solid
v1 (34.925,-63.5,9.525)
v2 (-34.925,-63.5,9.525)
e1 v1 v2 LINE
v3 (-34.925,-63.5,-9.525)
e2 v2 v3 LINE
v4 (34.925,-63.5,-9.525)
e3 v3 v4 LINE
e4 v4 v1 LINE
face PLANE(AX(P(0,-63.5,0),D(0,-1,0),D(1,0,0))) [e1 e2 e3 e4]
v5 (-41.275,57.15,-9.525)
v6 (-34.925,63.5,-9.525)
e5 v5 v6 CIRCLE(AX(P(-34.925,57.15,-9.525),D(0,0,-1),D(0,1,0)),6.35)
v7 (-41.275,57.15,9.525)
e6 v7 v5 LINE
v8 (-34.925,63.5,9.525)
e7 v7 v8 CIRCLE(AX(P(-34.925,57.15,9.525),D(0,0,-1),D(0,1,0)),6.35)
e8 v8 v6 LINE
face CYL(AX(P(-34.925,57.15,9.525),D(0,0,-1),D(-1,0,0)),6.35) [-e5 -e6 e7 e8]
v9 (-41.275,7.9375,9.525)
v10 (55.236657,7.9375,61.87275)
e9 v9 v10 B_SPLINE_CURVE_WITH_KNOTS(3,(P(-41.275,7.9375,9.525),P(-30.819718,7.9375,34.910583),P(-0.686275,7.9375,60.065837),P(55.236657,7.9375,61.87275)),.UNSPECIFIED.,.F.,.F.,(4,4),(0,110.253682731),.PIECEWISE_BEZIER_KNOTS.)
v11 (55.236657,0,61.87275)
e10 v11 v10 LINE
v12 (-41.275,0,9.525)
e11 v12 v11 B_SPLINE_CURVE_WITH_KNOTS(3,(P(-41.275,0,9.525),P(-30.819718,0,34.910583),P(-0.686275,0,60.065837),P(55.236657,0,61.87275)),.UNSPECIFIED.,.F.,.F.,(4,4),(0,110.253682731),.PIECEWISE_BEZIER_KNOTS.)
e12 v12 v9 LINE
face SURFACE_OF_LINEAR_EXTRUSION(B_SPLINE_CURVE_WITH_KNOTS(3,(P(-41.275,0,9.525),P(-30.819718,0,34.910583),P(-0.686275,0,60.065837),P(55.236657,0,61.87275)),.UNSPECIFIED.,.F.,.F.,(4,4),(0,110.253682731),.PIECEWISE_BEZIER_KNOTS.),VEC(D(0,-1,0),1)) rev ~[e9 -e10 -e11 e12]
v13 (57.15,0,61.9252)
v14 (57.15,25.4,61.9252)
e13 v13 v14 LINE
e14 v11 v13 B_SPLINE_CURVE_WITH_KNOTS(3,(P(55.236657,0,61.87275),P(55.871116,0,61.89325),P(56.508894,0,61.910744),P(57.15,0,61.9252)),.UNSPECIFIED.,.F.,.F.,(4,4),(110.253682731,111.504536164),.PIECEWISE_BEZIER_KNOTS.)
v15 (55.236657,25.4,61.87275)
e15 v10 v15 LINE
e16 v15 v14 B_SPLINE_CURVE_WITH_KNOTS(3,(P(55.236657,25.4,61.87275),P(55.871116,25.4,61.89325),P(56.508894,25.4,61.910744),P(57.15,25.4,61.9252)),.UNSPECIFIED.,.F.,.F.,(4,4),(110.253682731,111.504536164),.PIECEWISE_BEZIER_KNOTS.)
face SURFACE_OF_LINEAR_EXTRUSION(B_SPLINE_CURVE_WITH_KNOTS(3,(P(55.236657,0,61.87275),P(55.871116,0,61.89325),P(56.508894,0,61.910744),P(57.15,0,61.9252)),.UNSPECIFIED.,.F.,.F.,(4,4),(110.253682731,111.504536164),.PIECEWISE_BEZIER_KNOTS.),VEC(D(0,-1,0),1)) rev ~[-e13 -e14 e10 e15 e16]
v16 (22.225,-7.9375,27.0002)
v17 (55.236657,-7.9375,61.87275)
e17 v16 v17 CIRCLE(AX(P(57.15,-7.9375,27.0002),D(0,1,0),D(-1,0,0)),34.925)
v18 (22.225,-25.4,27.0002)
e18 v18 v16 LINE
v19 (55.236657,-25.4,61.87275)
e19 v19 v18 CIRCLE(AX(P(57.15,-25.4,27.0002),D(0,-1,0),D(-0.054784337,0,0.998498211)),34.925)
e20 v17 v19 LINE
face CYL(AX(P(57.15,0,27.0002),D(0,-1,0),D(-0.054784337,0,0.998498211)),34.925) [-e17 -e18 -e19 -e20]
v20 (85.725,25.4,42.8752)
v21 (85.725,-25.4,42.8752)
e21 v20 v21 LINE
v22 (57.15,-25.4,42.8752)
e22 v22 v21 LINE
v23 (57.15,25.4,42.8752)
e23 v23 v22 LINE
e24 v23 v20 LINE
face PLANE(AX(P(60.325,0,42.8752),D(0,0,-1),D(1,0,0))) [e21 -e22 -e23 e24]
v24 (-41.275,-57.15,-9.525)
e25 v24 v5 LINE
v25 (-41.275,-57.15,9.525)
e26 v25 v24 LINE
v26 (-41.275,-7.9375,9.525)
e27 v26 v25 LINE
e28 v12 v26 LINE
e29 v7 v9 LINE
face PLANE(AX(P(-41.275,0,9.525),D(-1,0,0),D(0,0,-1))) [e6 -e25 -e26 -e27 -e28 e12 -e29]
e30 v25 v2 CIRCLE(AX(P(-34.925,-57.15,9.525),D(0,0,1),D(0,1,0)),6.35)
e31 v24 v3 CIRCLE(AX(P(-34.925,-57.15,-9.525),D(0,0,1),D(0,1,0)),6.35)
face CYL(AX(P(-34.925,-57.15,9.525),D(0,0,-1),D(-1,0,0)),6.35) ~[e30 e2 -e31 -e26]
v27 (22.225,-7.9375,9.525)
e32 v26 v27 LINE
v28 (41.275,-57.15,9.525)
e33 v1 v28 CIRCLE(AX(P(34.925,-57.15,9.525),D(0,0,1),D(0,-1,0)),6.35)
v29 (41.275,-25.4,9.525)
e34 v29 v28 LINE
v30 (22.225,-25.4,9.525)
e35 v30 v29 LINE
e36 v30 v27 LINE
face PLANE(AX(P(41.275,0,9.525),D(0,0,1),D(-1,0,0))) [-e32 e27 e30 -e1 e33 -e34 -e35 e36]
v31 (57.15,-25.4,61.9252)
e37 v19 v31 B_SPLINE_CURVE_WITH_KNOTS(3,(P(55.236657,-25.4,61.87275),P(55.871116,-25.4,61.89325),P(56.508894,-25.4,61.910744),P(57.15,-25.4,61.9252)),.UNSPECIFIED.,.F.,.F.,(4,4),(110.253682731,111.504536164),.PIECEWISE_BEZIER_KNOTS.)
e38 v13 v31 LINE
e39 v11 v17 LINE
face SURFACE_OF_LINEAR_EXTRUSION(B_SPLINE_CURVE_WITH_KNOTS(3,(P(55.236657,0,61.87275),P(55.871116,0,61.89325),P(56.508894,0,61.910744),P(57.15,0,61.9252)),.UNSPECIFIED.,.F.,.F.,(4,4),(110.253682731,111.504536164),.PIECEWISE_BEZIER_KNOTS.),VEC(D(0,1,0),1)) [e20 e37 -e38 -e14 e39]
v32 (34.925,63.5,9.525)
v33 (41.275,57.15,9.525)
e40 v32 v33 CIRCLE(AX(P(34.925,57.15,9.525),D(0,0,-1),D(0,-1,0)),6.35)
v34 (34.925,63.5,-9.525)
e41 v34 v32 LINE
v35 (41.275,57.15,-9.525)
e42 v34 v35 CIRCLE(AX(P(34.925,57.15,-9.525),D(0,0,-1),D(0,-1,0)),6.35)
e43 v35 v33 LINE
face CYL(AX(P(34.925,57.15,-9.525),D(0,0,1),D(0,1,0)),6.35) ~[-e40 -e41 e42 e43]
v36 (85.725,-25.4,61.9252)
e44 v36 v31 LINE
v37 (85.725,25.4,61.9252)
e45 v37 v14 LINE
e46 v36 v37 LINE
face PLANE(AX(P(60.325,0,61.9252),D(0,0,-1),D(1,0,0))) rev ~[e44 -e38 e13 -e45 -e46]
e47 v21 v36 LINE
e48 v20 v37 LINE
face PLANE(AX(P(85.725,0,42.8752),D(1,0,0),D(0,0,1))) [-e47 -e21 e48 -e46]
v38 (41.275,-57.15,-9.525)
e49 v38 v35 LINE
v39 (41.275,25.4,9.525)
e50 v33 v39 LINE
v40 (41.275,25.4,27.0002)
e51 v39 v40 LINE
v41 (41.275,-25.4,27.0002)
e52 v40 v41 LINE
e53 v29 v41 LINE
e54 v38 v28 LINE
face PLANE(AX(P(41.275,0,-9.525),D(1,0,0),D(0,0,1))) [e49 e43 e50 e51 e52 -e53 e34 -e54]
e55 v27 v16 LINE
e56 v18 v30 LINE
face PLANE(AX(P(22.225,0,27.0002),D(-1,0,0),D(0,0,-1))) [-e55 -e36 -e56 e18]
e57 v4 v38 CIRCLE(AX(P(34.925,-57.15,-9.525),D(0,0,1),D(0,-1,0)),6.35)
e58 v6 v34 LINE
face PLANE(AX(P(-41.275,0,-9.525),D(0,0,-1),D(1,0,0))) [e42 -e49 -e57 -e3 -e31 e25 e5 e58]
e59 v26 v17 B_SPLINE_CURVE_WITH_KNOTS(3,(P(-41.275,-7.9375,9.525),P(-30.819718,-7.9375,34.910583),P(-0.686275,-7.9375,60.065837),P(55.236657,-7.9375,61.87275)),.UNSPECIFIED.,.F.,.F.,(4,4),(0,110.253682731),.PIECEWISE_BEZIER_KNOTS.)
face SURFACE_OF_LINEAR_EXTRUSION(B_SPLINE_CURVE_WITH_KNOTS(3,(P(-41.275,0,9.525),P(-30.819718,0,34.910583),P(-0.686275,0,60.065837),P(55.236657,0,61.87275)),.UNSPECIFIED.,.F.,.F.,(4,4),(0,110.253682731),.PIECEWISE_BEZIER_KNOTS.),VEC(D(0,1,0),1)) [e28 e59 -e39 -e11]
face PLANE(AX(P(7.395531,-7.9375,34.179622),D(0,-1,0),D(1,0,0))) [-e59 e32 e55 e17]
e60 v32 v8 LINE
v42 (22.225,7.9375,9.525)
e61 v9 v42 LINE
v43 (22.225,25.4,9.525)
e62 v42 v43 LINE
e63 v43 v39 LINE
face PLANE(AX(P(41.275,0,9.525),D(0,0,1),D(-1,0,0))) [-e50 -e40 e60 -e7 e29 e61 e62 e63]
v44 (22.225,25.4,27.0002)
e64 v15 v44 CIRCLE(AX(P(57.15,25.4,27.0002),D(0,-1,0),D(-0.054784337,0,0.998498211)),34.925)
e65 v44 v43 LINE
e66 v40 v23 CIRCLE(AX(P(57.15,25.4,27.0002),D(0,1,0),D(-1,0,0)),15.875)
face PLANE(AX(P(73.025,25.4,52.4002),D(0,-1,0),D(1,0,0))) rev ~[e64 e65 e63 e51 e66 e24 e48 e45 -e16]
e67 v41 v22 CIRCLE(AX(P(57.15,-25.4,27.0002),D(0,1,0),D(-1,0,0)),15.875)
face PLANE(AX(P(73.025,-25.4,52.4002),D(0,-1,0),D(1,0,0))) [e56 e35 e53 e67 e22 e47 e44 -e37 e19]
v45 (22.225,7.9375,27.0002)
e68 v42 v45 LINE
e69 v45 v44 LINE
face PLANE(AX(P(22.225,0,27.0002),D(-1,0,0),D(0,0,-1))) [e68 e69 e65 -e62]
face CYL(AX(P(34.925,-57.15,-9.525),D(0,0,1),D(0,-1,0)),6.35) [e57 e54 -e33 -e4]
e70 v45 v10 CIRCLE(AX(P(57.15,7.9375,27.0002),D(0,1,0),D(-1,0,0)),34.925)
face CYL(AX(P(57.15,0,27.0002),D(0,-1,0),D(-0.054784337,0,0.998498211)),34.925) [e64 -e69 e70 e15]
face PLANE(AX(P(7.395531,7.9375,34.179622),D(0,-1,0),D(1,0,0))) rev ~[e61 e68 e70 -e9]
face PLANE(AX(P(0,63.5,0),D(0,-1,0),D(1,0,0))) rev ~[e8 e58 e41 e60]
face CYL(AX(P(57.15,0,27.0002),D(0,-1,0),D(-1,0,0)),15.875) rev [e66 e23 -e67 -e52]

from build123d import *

# Parameters (mm, degrees)
F1_DEPTH = 63.5
F2_DEPTH = 25.4
F0_W     = 25.4
F0_H     = 19.05
F3_DEPTH = 25.4
F4_DEPTH = 7.9375
F5_R     = 6.35


with BuildPart() as f1:
    # F0 (on Front) → F1 (new body, symmetric)
    with BuildSketch(Plane.XZ):
        Polygon((41.275, -9.525), (41.275, 9.525), (22.225, 9.525), (-41.275, 9.525), (-41.275, -9.525), align=None)
    extrude(amount=F1_DEPTH, both=True)

    # F0 (on Front) → F2 (join, symmetric)
    with BuildSketch(Plane.XZ):
        with BuildLine():
            Line((22.225, 9.525), (41.275, 9.525))
            Line((41.275, 9.525), (41.275, 27.0002))
            ThreePointArc((41.275, 27.0002), (45.9246798487, 38.2255201513), (57.15, 42.8752))
            Line((57.15, 42.8752), (60.325, 42.8752))
            Line((60.325, 42.8752), (60.325, 61.9252))
            Line((60.325, 61.9252), (57.15, 61.9252))
            add(Edge.make_bspline(
                [(55.2366570208, 61.872750002), (55.8711155645, 61.8932498519), (56.5088935827, 61.9107444376), (57.15, 61.9252)],
                knots=[110.2536827307, 110.2536827307, 110.2536827307, 110.2536827307, 111.5045361635, 111.5045361635, 111.5045361635, 111.5045361635], degree=3))
            ThreePointArc((55.2366570208, 61.872750002), (31.7868463263, 51.0099076352), (22.225, 27.0002))
            Line((22.225, 27.0002), (22.225, 9.525))
        make_face()
    extrude(amount=F2_DEPTH, both=True)

    # F0 (on Front) → F3 (join, symmetric)
    with BuildSketch(Plane.XZ):
        with Locations((73.025, 52.4002)):
            Rectangle(F0_W, F0_H)
    extrude(amount=F3_DEPTH, both=True)

    # F0 (on Front) → F4 (join, symmetric)
    with BuildSketch(Plane.XZ):
        with BuildLine():
            Line((-41.275, 9.525), (22.225, 9.525))
            Line((22.225, 9.525), (22.225, 27.0002))
            ThreePointArc((22.225, 27.0002), (31.7868463263, 51.0099076352), (55.2366570208, 61.872750002))
            add(Edge.make_bspline(
                [(-41.275, 9.525), (-30.8197184048, 34.9105826404), (-0.6862745856, 60.0658365111), (55.2366570208, 61.872750002)],
                knots=[0, 0, 0, 0, 110.2536827307, 110.2536827307, 110.2536827307, 110.2536827307], degree=3))
        make_face()
    extrude(amount=F4_DEPTH, both=True)

    # F5
    f5_edges = [f1.edges().sort_by_distance(p)[0] for p in [
        (-41.275, -63.5, 0),
        (41.275, -63.5, 0),
        (-41.275, 63.5, 0),
        (41.275, 63.5, 0),
    ]]
    fillet(f5_edges, radius=F5_R)


solid = f1.part
